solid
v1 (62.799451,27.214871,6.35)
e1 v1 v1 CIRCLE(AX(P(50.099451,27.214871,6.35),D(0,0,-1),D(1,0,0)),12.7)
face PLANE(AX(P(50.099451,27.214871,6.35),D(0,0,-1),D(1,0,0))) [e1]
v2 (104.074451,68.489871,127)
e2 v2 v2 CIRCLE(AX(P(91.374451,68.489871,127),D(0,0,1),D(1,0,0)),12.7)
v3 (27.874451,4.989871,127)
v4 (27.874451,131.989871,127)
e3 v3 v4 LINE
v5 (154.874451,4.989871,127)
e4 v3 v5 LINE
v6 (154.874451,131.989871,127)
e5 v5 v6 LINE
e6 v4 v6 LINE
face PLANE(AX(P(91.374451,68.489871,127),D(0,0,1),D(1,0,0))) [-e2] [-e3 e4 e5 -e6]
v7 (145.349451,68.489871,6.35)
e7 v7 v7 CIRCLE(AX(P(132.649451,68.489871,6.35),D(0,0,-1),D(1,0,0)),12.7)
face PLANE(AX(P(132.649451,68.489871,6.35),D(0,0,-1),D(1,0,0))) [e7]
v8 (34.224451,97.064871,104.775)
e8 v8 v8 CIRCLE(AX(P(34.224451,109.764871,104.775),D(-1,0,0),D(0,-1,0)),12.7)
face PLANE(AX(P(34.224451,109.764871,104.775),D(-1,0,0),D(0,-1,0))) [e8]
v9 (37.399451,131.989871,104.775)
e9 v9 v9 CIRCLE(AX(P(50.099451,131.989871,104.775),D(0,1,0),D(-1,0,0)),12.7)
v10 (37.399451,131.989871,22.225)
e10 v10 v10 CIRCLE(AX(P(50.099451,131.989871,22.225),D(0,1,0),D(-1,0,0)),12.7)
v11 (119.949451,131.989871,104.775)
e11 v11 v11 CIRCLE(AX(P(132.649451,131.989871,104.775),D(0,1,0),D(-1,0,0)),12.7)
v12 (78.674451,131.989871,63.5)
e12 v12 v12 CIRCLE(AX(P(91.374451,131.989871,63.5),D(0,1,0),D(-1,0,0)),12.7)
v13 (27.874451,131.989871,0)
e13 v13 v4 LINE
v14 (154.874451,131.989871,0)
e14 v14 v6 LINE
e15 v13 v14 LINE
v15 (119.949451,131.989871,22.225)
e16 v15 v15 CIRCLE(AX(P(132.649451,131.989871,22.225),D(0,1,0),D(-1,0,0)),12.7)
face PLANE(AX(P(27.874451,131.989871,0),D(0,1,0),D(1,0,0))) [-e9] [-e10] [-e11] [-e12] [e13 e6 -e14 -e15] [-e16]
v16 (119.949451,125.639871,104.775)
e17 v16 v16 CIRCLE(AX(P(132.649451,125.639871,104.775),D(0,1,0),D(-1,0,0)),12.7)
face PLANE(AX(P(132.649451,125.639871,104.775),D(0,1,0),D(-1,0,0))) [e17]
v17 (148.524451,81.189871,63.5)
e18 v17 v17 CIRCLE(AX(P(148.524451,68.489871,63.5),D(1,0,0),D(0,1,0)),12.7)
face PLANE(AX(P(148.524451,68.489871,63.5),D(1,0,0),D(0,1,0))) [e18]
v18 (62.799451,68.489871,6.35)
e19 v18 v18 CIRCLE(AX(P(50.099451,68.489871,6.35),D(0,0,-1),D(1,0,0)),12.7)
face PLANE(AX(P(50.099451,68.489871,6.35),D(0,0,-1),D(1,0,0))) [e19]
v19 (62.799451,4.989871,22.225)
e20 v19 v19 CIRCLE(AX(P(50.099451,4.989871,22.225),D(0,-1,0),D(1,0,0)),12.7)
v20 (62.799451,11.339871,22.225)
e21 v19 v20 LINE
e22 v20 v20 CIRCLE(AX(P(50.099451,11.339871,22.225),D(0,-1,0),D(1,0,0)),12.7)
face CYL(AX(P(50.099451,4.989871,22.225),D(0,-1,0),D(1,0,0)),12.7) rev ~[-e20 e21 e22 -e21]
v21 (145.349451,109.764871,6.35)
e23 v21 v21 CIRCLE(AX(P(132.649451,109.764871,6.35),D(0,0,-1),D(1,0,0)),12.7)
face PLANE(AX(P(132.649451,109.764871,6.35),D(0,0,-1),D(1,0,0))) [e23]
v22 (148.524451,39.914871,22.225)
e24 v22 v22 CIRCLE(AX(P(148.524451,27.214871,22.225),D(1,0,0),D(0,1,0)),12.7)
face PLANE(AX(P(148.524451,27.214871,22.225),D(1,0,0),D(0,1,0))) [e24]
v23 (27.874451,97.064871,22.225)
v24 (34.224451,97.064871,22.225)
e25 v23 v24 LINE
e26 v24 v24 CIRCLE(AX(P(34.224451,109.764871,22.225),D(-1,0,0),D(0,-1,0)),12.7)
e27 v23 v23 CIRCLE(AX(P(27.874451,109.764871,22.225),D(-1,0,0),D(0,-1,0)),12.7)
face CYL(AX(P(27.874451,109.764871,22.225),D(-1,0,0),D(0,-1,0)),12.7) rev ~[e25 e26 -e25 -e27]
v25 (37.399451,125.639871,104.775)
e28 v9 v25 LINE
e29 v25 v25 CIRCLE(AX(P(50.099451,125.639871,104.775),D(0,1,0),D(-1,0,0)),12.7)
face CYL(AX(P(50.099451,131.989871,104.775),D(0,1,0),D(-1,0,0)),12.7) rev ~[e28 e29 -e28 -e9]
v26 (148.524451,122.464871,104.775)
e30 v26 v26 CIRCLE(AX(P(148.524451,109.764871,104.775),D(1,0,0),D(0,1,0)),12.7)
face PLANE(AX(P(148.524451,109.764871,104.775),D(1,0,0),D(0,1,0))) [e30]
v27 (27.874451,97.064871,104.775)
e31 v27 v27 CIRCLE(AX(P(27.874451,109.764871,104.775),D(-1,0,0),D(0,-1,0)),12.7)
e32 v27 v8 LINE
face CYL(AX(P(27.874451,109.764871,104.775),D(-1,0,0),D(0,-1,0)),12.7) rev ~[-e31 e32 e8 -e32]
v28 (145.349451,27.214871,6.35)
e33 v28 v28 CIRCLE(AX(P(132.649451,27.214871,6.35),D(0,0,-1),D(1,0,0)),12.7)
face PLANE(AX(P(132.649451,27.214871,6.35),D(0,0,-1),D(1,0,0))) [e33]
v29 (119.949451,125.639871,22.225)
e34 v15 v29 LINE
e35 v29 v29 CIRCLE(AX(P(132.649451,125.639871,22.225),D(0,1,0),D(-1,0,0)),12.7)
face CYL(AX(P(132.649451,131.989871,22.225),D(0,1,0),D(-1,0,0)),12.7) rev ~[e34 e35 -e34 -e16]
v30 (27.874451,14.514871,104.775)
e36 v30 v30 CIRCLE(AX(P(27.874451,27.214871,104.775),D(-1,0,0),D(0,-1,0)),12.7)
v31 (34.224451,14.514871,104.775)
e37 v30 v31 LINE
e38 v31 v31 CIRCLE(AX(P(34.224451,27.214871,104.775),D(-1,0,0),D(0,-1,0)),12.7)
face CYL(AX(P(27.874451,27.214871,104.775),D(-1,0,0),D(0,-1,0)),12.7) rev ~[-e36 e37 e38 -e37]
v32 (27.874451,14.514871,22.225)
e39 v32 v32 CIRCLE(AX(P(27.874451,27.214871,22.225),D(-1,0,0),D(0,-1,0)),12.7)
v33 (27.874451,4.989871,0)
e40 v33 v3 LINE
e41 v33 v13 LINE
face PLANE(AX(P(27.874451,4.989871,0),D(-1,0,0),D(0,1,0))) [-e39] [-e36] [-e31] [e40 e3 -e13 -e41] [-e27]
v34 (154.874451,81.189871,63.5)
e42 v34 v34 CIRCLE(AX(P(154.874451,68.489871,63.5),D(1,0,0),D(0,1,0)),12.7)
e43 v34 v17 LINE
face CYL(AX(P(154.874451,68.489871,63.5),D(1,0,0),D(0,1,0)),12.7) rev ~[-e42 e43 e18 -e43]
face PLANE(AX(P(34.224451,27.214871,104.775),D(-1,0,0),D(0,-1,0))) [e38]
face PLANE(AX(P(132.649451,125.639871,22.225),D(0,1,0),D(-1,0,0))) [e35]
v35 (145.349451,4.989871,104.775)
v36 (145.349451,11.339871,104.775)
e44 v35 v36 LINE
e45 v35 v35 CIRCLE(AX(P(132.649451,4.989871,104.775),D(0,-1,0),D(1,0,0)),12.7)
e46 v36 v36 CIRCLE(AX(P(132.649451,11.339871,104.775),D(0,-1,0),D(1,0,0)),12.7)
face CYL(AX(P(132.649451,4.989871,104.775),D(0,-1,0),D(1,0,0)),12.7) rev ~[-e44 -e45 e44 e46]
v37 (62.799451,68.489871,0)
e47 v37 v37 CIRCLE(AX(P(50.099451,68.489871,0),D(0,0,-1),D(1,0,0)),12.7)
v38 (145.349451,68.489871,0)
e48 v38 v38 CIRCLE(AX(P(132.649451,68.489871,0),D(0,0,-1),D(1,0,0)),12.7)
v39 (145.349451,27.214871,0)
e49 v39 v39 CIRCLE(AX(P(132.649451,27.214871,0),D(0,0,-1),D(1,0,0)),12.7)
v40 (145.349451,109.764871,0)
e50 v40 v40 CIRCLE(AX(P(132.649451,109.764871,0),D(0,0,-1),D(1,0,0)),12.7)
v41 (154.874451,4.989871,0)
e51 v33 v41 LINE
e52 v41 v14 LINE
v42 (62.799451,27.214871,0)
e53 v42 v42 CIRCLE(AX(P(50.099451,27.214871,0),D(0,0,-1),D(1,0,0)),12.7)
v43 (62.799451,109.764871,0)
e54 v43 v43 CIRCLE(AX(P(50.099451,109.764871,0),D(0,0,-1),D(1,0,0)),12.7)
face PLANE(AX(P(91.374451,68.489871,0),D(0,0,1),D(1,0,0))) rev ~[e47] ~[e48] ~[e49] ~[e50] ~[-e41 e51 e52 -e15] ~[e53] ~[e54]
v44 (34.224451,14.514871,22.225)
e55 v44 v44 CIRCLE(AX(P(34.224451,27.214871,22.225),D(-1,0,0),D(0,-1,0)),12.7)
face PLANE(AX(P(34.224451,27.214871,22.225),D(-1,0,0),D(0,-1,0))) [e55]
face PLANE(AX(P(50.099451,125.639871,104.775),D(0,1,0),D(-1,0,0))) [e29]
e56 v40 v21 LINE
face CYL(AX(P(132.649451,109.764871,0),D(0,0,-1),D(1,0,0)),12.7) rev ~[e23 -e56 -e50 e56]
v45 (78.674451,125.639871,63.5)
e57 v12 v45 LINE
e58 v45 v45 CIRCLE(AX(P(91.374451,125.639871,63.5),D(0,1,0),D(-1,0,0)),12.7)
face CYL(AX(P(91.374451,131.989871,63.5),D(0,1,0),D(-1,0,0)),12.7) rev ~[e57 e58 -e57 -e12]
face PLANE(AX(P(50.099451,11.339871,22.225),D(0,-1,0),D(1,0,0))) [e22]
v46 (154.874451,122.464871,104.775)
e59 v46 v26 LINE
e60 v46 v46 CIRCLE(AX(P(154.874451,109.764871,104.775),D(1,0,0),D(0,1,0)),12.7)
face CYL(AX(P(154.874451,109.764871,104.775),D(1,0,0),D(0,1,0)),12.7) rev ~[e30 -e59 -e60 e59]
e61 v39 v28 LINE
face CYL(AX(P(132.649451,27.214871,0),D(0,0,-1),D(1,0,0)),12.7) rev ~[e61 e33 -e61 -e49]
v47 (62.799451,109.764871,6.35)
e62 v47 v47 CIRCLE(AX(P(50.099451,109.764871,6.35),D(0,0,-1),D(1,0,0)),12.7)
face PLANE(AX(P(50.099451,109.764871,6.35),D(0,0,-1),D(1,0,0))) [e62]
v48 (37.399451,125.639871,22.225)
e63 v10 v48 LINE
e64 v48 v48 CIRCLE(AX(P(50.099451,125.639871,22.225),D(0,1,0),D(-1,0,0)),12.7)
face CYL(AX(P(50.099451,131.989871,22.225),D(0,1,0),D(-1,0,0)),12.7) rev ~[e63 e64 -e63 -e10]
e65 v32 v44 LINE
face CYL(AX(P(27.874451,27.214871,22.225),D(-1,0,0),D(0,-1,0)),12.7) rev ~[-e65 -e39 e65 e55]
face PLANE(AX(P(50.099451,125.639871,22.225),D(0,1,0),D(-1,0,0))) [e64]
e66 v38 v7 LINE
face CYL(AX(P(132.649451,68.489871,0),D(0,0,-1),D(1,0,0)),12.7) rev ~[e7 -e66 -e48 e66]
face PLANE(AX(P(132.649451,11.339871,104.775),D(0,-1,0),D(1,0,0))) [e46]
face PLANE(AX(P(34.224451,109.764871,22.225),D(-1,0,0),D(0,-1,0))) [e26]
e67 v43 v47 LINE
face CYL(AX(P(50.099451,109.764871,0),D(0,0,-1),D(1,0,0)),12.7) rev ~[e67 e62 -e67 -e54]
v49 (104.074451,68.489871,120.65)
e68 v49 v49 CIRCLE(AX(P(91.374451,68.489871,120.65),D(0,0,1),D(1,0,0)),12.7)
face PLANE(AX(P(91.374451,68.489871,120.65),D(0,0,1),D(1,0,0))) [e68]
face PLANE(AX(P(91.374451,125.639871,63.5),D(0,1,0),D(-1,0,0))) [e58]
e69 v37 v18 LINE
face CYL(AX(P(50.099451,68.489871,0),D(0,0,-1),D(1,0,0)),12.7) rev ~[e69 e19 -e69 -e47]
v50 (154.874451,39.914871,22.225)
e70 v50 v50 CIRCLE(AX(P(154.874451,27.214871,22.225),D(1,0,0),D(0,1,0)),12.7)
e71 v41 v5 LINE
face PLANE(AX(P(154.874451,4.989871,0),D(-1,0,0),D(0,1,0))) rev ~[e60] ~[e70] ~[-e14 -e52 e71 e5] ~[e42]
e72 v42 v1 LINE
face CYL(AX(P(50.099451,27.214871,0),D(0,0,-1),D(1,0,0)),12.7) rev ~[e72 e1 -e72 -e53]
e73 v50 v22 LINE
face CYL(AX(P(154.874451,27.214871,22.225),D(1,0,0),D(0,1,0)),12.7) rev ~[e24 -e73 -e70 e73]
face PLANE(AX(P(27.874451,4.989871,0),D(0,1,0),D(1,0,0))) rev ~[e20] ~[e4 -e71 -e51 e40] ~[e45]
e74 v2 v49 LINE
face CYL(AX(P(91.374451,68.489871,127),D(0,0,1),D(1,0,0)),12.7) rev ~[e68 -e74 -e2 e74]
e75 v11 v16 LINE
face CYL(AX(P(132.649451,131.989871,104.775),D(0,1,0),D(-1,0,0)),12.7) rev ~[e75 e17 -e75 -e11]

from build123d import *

# Parameters (mm, degrees)
F0_W      = 127
F0_H      = 127
F1_DEPTH  = 127
F2_R      = 12.7
F3_DEPTH  = 6.35
F4_R      = 12.7
F5_DEPTH  = 6.35
F6_R      = 12.7
F7_DEPTH  = 6.35
F8_R      = 12.7
F9_DEPTH  = 6.35
F10_R     = 12.7
F11_DEPTH = 6.35
F12_R     = 12.7
F13_DEPTH = 6.35


with BuildPart() as f1:
    # F0 (on Top) → F1 (new body)
    with BuildSketch(Plane.XY):
        with Locations((91.374451, 68.489871)):
            Rectangle(F0_W, F0_H)
    extrude(amount=F1_DEPTH)

    # F2 (on face) → F3 (cut)
    with BuildSketch(Plane.XY.offset(127)):
        with Locations((91.374451, 68.489871)):
            Circle(F2_R)
    extrude(amount=-F3_DEPTH, mode=Mode.SUBTRACT)

    # F4 (on face) → F5 (cut)
    with BuildSketch(Plane.XZ.offset(-4.989871)):
        with Locations((50.099451, 22.225)):
            Circle(F4_R)
        with Locations((132.649451, 104.775)):
            Circle(F4_R)
    extrude(amount=-F5_DEPTH, mode=Mode.SUBTRACT)

    # F6 (on face) → F7 (cut)
    with BuildSketch(Plane.YZ.offset(154.874451)):
        with Locations((68.489871, 63.5)):
            Circle(F6_R)
        with Locations((109.764871, 104.775)):
            Circle(F6_R)
        with Locations((27.214871, 22.225)):
            Circle(F6_R)
    extrude(amount=-F7_DEPTH, mode=Mode.SUBTRACT)

    # F8 (on face) → F9 (cut)
    with BuildSketch(Plane(origin=(27.874451, 0, 0), x_dir=(0, -1, 0), z_dir=(-1, 0, 0))):
        with Locations((-109.764871, 104.775)):
            Circle(F8_R)
        with Locations((-27.214871, 104.775)):
            Circle(F8_R)
        with Locations((-109.764871, 22.225)):
            Circle(F8_R)
        with Locations((-27.214871, 22.225)):
            Circle(F8_R)
    extrude(amount=-F9_DEPTH, mode=Mode.SUBTRACT)

    # F10 (on face) → F11 (cut)
    with BuildSketch(Plane(origin=(0, 131.989871, 0), x_dir=(-1, 0, 0), z_dir=(0, 1, 0))):
        with Locations((-132.649451, 104.775)):
            Circle(F10_R)
        with Locations((-50.099451, 104.775)):
            Circle(F10_R)
        with Locations((-132.649451, 22.225)):
            Circle(F10_R)
        with Locations((-50.099451, 22.225)):
            Circle(F10_R)
        with Locations((-91.374451, 63.5)):
            Circle(F10_R)
    extrude(amount=-F11_DEPTH, mode=Mode.SUBTRACT)

    # F12 (on face) → F13 (cut)
    with BuildSketch(Plane(origin=(0, 0, 0), x_dir=(1, 0, 0), z_dir=(0, 0, -1))):
        with Locations((50.099451, -27.214871)):
            Circle(F12_R)
        with Locations((132.649451, -27.214871)):
            Circle(F12_R)
        with Locations((50.099451, -68.489871)):
            Circle(F12_R)
        with Locations((132.649451, -68.489871)):
            Circle(F12_R)
        with Locations((50.099451, -109.764871)):
            Circle(F12_R)
        with Locations((132.649451, -109.764871)):
            Circle(F12_R)
    extrude(amount=-F13_DEPTH, mode=Mode.SUBTRACT)


solid = f1.part
